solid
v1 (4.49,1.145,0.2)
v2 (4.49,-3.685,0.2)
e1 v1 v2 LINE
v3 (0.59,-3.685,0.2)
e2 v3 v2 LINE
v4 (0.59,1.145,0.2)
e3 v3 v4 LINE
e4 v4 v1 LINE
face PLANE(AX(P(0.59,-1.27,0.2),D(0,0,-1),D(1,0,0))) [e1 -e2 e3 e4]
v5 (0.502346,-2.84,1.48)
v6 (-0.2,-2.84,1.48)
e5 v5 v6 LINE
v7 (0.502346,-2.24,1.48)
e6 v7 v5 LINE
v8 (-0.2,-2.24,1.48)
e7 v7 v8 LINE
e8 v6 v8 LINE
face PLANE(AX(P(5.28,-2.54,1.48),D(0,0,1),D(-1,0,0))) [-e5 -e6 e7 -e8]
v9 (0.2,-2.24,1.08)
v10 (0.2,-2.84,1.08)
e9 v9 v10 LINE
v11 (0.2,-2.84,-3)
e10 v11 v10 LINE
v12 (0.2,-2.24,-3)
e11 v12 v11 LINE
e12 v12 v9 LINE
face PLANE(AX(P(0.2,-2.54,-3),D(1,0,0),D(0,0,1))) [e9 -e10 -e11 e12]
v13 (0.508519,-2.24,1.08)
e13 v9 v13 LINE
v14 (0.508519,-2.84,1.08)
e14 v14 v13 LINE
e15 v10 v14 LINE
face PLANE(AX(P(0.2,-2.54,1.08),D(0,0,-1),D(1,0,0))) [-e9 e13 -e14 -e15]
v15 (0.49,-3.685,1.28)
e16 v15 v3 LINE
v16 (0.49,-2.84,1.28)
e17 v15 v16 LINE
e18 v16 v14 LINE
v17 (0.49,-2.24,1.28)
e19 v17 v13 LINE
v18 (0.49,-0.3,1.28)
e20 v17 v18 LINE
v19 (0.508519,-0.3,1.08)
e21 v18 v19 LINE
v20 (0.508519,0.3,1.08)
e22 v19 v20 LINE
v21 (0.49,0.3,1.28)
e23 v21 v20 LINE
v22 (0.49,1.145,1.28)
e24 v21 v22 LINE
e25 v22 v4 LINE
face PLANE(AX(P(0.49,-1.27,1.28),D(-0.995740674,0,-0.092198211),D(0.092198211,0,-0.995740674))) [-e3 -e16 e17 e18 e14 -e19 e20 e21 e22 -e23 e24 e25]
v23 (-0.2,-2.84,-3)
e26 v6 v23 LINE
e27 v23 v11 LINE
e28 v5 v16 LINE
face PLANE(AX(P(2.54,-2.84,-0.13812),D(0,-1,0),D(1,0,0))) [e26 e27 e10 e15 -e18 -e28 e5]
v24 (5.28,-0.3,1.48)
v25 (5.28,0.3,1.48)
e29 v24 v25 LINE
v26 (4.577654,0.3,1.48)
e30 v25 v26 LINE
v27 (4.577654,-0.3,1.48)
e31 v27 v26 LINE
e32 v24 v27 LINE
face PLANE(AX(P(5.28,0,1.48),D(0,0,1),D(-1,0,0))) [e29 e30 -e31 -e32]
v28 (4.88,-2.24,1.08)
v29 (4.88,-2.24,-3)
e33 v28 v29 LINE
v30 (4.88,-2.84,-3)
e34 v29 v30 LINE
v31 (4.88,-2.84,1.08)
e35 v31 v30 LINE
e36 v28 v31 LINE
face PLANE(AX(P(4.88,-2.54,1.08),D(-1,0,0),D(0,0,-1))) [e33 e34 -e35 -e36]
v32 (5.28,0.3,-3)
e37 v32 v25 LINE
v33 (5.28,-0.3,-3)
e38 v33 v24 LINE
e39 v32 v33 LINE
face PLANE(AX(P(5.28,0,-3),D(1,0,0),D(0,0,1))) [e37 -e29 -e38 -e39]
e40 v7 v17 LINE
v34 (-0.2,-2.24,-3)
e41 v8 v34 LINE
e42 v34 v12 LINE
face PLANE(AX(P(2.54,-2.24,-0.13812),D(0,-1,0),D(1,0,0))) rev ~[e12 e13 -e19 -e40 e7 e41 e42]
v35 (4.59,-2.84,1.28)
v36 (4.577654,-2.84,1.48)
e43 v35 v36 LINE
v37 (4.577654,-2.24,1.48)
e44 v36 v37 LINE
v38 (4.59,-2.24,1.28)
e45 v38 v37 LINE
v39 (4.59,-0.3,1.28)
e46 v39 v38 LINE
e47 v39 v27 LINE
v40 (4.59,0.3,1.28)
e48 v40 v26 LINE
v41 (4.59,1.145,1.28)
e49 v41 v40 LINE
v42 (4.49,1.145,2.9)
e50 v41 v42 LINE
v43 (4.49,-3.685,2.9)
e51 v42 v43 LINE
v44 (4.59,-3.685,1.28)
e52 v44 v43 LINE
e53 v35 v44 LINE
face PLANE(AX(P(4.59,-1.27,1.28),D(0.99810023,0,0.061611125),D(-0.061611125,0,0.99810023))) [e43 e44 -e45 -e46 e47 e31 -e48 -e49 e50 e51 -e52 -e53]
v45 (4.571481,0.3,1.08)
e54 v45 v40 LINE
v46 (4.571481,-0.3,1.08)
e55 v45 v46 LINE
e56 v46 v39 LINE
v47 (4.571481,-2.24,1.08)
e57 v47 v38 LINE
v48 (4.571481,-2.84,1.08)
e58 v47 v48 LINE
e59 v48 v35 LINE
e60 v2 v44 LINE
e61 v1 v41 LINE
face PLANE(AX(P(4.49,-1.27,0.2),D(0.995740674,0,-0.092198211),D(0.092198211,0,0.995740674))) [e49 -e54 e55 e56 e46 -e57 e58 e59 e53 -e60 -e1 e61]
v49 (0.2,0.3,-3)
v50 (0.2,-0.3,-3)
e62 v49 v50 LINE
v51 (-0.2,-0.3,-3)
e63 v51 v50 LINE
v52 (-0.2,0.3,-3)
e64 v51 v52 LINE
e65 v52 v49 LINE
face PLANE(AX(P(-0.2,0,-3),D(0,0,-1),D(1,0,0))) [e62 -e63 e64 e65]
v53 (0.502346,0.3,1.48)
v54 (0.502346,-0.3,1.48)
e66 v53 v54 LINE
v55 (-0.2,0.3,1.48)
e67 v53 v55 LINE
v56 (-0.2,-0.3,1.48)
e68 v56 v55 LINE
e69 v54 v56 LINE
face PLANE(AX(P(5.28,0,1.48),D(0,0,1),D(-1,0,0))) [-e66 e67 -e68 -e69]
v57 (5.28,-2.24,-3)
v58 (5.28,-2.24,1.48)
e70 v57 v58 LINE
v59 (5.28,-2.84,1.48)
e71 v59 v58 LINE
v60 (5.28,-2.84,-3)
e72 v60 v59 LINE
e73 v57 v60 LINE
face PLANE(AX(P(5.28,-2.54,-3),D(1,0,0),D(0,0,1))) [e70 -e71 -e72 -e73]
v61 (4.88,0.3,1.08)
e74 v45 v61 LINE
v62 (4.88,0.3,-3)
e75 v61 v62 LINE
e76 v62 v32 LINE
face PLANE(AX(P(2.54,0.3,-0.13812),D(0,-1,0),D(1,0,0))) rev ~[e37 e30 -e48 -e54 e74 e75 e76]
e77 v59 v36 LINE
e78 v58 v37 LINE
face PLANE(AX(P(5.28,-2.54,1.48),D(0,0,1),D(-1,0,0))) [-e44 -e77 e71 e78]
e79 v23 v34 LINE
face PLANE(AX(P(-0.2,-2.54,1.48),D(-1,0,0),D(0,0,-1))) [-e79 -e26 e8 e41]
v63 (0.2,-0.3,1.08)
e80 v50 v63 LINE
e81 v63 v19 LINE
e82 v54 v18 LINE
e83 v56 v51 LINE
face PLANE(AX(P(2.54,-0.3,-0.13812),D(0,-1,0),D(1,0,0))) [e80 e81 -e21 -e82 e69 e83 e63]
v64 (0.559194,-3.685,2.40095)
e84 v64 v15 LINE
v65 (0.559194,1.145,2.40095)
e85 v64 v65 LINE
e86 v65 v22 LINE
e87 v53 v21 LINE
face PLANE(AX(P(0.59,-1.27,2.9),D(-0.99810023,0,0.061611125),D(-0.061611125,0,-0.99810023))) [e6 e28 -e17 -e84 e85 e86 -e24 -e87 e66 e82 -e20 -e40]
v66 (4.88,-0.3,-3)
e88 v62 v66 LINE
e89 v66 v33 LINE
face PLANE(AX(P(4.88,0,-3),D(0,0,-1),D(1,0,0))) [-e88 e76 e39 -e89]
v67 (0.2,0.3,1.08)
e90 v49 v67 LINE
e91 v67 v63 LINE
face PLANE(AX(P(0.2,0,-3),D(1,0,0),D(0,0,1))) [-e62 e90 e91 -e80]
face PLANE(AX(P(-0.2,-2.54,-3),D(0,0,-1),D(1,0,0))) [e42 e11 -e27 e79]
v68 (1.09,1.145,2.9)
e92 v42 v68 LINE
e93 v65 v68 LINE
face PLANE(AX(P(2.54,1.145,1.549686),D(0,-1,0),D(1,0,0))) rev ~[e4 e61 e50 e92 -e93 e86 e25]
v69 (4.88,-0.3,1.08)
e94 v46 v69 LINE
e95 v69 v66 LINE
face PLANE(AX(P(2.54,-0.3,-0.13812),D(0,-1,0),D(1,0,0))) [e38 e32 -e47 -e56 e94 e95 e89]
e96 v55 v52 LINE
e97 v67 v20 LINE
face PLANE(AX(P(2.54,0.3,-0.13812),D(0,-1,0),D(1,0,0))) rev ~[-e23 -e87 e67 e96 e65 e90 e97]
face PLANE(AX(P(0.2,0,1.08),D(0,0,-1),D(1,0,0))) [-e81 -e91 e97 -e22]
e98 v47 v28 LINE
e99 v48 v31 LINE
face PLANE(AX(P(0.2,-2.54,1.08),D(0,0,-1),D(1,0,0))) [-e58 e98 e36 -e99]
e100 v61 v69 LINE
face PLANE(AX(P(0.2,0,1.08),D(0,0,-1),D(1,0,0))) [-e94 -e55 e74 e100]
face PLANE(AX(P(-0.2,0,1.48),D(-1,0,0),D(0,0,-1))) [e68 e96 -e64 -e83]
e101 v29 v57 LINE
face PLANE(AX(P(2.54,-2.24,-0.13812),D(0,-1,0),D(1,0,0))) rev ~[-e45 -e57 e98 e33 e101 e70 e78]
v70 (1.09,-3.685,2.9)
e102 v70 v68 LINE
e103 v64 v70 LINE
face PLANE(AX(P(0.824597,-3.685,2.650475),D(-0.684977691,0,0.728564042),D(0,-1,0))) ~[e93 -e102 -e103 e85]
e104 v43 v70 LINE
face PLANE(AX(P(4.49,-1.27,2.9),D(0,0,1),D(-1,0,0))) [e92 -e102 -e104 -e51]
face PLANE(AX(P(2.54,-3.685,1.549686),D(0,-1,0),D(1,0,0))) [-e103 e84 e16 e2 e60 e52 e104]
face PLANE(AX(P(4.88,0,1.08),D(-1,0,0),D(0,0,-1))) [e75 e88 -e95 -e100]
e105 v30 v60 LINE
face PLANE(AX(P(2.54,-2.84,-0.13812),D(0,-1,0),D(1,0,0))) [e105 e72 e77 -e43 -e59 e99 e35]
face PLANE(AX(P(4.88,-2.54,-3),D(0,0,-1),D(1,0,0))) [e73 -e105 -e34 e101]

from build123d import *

# Parameters (mm, degrees)
PAD002_DEPTH = 0.3
PAD_DEPTH    = 2.415
CHAMFER_SIZE = 0.5
PAD001_DEPTH = 0.3


with BuildPart() as pad002:
    # Sketch002 → Pad002 (new body, symmetric)
    with BuildSketch(Plane.XZ.offset(2.54)):
        Polygon((-0.2, -3), (0.2, -3), (0.2, 1.08), (4.88, 1.08), (4.88, -3), (5.28, -3), (5.28, 1.48), (-0.2, 1.48), align=None)
    extrude(amount=PAD002_DEPTH, both=True)


with BuildPart() as chamfer_body:
    # Sketch → Pad (new body, symmetric)
    with BuildSketch(Plane.XZ.offset(1.27)):
        Polygon((0.59, 0.2), (4.49, 0.2), (4.59, 1.28), (4.49, 2.9), (0.59, 2.9), (0.49, 1.28), align=None)
    extrude(amount=PAD_DEPTH, both=True)

    # Chamfer
    chamfer_edges = [chamfer_body.edges().sort_by_distance(p)[0] for p in [
        (0.59, -1.27, 2.9),
    ]]
    chamfer(chamfer_edges, length=CHAMFER_SIZE)


with BuildPart() as diode_bridge_dip_4_w5_08mm_p2_54mm:
    # Sketch001 → Pad001 (new body, symmetric)
    with BuildSketch(Plane.XZ):
        Polygon((-0.2, -3), (0.2, -3), (0.2, 1.08), (4.88, 1.08), (4.88, -3), (5.28, -3), (5.28, 1.48), (-0.2, 1.48), align=None)
    extrude(amount=PAD001_DEPTH, both=True)

    # Pad001_mp_cp: union Pad002, Chamfer body
    add(pad002.part)
    add(chamfer_body.part)


solid = diode_bridge_dip_4_w5_08mm_p2_54mm.part
